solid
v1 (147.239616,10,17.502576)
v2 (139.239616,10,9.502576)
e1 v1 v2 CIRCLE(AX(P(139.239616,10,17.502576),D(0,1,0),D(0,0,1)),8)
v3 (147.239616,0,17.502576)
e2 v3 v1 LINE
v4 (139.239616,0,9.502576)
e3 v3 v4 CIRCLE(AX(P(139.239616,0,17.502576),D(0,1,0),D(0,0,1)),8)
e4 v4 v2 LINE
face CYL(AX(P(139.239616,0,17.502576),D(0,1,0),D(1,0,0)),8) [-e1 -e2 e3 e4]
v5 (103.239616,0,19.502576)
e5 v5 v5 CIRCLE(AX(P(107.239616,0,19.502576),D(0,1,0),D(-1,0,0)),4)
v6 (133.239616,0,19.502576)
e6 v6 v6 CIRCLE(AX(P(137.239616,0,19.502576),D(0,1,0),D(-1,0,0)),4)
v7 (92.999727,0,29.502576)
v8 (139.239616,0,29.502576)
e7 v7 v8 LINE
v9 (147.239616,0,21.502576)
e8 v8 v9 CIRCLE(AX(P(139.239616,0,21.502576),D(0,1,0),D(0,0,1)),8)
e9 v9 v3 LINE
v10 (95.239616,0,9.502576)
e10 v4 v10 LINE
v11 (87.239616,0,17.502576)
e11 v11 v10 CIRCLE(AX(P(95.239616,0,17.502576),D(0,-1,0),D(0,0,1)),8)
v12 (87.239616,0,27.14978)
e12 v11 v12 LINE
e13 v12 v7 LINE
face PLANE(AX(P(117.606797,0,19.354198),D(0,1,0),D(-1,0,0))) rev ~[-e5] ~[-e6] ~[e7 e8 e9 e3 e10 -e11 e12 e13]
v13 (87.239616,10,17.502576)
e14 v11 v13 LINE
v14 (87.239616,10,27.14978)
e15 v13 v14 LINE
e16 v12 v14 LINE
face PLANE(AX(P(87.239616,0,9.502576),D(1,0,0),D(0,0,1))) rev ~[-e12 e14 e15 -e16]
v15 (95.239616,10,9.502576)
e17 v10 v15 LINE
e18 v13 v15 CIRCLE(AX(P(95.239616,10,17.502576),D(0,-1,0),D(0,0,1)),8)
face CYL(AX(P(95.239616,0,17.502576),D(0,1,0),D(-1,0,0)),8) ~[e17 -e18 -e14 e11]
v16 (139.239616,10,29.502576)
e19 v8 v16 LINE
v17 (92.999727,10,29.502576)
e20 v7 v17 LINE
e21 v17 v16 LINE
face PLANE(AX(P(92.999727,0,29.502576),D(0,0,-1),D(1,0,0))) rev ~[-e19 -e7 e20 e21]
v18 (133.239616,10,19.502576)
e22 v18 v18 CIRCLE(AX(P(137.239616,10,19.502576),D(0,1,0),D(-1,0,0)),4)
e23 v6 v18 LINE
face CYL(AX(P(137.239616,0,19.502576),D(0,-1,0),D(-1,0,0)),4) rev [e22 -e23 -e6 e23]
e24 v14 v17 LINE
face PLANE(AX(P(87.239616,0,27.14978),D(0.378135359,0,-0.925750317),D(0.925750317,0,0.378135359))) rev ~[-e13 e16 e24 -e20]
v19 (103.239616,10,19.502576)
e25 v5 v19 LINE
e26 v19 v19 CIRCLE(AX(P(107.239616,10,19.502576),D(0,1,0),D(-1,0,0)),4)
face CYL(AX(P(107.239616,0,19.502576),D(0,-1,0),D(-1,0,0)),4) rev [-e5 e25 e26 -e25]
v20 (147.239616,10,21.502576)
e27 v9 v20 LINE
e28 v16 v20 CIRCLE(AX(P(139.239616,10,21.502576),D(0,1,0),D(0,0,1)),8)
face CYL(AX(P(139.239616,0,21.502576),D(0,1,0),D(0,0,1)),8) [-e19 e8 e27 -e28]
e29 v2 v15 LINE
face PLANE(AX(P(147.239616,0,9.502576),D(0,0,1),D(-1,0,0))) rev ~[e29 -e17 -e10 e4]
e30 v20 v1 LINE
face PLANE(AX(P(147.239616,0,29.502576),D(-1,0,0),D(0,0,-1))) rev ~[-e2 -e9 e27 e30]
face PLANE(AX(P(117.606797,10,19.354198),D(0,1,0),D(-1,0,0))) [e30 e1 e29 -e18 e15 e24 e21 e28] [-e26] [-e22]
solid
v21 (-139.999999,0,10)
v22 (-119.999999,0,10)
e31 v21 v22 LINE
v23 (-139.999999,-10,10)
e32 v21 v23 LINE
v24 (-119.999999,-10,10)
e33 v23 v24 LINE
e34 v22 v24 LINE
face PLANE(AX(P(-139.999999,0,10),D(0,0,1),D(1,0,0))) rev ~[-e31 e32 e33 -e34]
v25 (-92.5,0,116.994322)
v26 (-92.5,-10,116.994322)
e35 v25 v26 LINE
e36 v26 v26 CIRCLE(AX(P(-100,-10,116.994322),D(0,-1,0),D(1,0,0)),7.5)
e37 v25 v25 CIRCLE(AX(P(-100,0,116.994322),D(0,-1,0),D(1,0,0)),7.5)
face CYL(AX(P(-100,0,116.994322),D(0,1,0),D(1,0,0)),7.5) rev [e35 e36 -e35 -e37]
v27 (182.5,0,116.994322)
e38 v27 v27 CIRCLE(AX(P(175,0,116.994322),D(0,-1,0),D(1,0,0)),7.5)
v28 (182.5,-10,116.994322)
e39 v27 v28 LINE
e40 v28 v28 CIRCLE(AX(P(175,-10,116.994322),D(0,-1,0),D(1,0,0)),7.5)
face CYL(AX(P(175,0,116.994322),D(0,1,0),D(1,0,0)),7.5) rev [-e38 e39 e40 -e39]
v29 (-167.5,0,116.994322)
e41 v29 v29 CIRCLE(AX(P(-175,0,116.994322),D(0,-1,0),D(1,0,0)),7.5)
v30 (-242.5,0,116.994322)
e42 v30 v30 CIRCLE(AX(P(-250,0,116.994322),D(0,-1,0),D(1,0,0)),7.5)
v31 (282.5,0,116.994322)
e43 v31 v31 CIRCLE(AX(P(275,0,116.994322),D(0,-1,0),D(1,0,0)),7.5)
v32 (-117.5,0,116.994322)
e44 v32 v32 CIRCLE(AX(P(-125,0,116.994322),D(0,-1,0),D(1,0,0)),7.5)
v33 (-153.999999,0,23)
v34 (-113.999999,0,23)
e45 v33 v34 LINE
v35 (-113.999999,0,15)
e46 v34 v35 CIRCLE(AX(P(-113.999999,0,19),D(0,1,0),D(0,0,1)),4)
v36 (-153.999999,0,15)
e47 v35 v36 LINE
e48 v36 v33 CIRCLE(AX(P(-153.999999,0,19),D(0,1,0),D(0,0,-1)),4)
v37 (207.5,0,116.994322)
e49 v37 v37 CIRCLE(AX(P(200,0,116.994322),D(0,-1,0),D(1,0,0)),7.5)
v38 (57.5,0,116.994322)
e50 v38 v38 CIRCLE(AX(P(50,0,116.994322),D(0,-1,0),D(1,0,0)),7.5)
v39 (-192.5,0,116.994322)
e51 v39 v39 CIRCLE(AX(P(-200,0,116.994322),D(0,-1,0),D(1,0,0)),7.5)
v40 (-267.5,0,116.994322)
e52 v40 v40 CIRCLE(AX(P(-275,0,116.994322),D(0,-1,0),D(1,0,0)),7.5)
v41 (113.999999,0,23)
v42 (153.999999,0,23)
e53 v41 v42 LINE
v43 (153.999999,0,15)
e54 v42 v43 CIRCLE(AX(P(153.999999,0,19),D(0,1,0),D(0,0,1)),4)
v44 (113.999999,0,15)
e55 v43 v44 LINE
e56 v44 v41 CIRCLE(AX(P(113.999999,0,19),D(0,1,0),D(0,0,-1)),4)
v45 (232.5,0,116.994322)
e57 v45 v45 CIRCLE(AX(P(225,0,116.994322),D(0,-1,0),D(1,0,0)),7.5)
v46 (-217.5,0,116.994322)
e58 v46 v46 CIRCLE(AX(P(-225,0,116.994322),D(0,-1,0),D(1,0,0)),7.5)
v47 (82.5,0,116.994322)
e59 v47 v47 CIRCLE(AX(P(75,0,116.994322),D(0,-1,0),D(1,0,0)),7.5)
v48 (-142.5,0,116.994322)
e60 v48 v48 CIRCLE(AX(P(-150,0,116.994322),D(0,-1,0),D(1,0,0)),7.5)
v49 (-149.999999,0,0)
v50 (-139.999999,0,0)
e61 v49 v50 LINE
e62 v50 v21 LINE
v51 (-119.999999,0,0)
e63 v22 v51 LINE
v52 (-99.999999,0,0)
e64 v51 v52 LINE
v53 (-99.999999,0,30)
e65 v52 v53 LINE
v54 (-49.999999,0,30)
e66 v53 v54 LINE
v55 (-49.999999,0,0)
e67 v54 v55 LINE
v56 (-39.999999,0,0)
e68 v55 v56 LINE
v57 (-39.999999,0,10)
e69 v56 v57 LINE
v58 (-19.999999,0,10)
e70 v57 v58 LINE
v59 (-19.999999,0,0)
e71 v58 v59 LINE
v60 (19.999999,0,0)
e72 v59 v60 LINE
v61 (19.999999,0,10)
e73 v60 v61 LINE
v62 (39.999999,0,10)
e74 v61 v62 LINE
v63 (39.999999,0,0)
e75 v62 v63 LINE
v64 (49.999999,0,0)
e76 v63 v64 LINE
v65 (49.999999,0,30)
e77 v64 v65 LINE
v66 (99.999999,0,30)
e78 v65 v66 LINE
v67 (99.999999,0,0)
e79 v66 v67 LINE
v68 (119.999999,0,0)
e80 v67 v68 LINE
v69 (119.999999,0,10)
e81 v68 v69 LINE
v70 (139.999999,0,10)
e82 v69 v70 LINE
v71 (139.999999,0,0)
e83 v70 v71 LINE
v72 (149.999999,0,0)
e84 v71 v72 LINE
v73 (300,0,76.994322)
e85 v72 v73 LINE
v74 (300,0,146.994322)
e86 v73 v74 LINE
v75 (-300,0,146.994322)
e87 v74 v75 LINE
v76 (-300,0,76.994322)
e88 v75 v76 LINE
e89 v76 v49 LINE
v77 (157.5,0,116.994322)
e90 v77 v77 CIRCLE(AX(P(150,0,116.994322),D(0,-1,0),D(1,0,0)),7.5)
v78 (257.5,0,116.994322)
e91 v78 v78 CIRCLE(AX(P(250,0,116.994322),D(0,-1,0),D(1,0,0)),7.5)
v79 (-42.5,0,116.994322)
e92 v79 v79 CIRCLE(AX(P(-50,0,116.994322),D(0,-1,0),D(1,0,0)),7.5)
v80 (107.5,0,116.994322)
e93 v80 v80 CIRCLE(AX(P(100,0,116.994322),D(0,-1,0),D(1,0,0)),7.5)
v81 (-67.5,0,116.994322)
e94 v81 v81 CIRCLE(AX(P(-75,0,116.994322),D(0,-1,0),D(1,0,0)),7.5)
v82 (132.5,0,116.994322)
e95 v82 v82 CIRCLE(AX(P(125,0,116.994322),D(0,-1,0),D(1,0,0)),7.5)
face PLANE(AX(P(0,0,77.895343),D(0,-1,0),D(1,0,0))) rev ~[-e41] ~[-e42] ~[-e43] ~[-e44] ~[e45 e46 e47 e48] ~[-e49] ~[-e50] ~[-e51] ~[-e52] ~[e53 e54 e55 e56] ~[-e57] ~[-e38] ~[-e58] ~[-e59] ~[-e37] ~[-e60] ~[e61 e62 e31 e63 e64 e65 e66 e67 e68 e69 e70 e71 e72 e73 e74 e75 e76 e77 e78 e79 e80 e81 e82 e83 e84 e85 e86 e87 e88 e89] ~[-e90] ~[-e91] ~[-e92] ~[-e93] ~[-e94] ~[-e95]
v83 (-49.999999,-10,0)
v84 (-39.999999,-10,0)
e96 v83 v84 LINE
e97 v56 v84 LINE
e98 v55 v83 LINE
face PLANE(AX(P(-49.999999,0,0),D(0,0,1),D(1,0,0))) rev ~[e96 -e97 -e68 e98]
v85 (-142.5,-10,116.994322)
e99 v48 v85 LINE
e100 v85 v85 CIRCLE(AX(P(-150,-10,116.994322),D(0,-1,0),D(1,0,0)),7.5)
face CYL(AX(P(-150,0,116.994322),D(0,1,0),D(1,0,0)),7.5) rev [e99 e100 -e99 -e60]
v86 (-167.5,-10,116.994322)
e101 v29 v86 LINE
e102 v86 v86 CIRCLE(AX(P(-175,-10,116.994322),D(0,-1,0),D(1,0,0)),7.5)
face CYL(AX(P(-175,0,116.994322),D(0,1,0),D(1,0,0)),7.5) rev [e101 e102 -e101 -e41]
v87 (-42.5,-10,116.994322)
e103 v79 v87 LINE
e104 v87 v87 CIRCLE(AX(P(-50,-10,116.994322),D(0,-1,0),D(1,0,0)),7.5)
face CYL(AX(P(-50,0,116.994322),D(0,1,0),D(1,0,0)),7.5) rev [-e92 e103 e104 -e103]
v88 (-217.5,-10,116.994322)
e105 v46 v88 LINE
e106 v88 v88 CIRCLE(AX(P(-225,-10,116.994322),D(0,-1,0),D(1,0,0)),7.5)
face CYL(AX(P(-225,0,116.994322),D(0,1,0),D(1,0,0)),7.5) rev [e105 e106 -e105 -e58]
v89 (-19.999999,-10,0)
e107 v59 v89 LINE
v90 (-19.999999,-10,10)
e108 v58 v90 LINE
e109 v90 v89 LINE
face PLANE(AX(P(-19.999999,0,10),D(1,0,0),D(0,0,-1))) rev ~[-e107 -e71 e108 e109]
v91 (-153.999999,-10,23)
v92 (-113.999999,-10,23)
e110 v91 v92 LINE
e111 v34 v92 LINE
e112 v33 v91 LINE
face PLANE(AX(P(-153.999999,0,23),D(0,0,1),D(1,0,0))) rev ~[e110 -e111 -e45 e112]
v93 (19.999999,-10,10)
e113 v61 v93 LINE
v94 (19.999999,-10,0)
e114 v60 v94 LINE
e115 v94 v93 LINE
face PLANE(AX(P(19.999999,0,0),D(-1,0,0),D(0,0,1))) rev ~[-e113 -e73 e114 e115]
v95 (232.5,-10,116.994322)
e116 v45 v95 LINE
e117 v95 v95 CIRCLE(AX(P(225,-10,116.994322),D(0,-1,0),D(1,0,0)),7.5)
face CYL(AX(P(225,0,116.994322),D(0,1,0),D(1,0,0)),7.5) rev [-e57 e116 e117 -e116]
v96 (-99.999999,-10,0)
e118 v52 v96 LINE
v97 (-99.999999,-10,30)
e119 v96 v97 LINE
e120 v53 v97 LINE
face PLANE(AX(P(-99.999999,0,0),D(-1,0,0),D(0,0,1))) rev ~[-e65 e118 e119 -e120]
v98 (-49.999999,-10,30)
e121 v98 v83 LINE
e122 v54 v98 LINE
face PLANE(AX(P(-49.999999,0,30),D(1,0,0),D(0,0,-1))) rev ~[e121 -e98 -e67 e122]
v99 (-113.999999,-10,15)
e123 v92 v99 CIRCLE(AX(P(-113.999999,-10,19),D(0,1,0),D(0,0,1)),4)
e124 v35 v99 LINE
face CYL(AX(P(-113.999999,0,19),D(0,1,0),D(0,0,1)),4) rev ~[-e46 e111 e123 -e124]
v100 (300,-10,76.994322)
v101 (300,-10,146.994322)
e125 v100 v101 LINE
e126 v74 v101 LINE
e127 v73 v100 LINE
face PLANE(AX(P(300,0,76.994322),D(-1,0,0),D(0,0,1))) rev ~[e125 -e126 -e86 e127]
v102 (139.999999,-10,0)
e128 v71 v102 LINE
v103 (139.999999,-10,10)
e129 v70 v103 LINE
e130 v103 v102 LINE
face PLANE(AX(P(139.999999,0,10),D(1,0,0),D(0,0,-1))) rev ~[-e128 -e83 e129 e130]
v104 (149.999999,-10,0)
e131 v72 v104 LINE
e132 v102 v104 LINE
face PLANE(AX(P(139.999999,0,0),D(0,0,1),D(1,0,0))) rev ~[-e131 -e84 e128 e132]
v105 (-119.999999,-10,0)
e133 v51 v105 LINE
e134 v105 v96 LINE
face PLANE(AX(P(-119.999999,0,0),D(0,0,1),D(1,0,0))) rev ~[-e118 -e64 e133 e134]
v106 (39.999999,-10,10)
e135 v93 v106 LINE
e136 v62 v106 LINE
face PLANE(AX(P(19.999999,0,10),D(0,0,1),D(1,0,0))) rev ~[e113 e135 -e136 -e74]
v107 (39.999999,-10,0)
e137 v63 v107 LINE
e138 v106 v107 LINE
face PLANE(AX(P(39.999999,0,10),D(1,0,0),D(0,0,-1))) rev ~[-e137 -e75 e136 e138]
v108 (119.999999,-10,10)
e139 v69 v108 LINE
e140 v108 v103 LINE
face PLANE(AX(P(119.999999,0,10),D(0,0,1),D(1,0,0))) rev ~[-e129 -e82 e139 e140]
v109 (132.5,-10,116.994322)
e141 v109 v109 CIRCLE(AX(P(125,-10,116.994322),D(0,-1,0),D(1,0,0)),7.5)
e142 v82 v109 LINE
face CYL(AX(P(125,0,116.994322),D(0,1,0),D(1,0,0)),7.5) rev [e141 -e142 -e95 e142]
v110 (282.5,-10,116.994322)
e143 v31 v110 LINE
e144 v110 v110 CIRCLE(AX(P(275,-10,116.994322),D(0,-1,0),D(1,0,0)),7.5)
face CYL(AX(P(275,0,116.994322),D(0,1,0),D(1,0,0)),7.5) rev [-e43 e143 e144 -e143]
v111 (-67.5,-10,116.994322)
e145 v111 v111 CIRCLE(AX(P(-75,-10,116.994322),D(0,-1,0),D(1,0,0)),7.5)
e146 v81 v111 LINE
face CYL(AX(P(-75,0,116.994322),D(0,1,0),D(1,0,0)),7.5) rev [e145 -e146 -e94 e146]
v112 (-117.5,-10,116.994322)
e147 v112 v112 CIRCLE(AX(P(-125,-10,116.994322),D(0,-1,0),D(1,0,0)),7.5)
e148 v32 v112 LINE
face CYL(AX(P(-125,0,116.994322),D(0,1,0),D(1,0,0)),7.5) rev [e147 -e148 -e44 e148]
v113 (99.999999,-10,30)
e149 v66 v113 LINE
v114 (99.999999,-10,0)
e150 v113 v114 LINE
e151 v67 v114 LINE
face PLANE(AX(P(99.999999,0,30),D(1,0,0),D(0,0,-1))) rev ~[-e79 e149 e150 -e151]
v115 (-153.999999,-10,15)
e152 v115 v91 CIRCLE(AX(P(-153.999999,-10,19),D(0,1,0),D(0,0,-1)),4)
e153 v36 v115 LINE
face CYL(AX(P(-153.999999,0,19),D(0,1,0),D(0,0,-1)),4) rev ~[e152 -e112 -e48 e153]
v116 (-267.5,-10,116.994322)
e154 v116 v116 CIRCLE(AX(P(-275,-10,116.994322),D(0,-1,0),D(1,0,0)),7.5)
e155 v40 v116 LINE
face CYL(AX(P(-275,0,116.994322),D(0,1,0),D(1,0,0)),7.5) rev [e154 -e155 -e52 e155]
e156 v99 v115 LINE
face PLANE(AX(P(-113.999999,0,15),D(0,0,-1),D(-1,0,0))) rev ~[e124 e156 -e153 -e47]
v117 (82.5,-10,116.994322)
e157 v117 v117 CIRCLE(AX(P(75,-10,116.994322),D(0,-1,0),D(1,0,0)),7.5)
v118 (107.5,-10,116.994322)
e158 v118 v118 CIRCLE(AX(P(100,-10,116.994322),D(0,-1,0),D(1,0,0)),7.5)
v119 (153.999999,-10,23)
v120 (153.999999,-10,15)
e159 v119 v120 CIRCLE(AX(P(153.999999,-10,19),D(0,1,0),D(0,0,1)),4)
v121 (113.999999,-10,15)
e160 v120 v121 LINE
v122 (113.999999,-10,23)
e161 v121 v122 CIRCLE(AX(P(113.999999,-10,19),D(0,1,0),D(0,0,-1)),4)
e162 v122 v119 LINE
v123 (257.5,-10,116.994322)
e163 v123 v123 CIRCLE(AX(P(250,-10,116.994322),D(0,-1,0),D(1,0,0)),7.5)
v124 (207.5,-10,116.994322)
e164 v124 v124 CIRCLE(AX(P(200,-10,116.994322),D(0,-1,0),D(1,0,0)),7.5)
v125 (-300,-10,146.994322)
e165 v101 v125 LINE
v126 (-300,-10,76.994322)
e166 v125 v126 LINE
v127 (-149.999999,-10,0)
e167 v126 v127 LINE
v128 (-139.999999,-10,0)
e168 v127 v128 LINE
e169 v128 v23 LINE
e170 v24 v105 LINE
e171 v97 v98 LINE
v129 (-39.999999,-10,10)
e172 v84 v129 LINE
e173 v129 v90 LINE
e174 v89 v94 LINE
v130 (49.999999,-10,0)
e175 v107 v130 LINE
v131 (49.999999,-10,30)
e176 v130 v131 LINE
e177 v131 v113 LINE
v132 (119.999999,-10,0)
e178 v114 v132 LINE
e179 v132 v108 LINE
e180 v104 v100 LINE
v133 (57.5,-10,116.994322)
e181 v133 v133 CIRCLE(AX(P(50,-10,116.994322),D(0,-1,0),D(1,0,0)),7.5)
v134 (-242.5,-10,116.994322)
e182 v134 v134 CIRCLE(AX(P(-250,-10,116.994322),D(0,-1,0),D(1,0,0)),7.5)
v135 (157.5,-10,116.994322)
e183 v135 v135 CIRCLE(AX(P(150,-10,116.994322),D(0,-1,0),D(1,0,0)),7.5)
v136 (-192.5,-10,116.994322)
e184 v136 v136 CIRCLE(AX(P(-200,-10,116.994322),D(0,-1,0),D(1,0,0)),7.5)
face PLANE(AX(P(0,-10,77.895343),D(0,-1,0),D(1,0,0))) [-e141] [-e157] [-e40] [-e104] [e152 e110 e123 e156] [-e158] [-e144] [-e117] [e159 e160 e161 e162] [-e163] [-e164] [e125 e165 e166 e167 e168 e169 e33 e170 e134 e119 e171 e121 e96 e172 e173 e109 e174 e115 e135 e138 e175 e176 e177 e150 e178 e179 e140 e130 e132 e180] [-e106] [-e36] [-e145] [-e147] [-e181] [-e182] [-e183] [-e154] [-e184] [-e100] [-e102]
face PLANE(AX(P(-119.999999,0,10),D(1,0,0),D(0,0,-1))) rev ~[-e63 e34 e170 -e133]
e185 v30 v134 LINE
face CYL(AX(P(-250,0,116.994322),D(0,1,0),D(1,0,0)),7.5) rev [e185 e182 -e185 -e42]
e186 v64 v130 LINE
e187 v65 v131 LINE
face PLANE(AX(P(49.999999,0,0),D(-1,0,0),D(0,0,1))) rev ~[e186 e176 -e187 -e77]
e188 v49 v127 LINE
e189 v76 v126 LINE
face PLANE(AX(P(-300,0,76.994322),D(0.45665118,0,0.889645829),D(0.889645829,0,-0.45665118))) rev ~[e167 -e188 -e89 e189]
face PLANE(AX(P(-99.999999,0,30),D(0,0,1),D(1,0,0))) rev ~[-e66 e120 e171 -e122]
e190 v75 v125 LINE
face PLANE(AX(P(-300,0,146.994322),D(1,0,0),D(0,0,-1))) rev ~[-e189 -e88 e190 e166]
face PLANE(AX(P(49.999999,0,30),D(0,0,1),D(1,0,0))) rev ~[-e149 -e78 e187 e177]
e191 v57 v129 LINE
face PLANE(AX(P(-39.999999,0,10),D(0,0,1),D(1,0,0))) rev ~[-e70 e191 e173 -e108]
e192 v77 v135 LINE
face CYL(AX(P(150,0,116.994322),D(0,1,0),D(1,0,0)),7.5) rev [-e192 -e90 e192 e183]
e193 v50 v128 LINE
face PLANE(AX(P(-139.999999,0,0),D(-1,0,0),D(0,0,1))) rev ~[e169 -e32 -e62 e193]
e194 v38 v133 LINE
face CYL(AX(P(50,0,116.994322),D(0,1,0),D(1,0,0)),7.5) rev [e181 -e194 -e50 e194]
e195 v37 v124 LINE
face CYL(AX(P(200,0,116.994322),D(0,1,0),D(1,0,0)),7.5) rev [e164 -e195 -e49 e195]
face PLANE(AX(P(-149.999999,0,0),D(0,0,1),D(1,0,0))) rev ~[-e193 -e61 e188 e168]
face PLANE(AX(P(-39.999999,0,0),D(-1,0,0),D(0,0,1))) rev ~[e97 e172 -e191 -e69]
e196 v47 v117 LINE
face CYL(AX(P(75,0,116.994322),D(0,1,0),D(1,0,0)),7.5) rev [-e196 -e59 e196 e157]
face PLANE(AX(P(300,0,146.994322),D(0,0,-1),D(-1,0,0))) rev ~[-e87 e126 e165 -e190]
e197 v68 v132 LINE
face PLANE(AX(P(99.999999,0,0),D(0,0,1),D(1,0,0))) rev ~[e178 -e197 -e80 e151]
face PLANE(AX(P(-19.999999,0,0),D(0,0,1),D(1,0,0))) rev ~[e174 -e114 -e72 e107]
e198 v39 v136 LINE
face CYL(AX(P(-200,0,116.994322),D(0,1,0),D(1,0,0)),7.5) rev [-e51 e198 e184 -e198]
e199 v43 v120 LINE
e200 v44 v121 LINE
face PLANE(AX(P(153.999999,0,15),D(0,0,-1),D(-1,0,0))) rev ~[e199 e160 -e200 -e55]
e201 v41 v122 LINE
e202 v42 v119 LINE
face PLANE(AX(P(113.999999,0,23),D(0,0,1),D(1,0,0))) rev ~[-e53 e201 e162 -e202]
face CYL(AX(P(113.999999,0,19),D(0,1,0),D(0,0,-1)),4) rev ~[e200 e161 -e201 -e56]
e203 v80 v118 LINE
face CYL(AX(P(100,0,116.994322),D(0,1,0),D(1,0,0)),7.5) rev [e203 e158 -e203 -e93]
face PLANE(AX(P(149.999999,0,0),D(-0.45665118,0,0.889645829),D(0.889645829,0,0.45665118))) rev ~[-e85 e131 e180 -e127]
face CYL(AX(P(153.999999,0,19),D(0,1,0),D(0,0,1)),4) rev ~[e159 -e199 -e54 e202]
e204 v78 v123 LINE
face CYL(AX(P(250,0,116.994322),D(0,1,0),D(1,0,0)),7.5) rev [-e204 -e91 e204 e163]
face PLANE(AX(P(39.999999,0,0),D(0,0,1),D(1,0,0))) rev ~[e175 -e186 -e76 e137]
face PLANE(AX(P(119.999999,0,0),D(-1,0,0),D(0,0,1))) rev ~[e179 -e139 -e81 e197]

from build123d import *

# Parameters (mm, degrees)
F0_R     = 7.5
F1_DEPTH = 10
F2_R     = 4
F3_DEPTH = 10
F4_R     = 8


with BuildPart() as f1:
    # F0 (on Front) → F1 (new body)
    with BuildSketch(Plane.XZ):
        Polygon((-19.999999, 0), (0, 0), (19.999999, 0), (19.999999, 10), (39.999999, 10), (39.999999, 0), (49.999999, 0), (49.999999, 30), (99.999999, 30), (99.999999, 0), (119.999999, 0), (119.999999, 10), (139.999999, 10), (139.999999, 0), (149.999999, 0), (300, 76.994322), (300, 146.994322), (0, 146.994322), (-300, 146.994322), (-300, 76.994322), (-149.999999, 0), (-139.999999, 0), (-139.999999, 10), (-119.999999, 10), (-119.999999, 0), (-99.999999, 0), (-99.999999, 30), (-49.999999, 30), (-49.999999, 0), (-39.999999, 0), (-39.999999, 10), (-19.999999, 10), align=None)
        with BuildLine():
            Line((-113.999999, 15), (-153.999999, 15))
            ThreePointArc((-153.999999, 15), (-157.999999, 19), (-153.999999, 23))
            Line((-153.999999, 23), (-113.999999, 23))
            ThreePointArc((-113.999999, 23), (-109.999999, 19), (-113.999999, 15))
        make_face(mode=Mode.SUBTRACT)
        with BuildLine():
            Line((113.999999, 23), (153.999999, 23))
            ThreePointArc((153.999999, 23), (157.999999, 19), (153.999999, 15))
            Line((153.999999, 15), (113.999999, 15))
            ThreePointArc((113.999999, 15), (109.999999, 19), (113.999999, 23))
        make_face(mode=Mode.SUBTRACT)
        with Locations((-275, 116.994322)):
            Circle(F0_R, mode=Mode.SUBTRACT)
        with Locations((-250, 116.994322)):
            Circle(F0_R, mode=Mode.SUBTRACT)
        with Locations((-225, 116.994322)):
            Circle(F0_R, mode=Mode.SUBTRACT)
        with Locations((-200, 116.994322)):
            Circle(F0_R, mode=Mode.SUBTRACT)
        with Locations((-175, 116.994322)):
            Circle(F0_R, mode=Mode.SUBTRACT)
        with Locations((-150, 116.994322)):
            Circle(F0_R, mode=Mode.SUBTRACT)
        with Locations((-125, 116.994322)):
            Circle(F0_R, mode=Mode.SUBTRACT)
        with Locations((-100, 116.994322)):
            Circle(F0_R, mode=Mode.SUBTRACT)
        with Locations((-75, 116.994322)):
            Circle(F0_R, mode=Mode.SUBTRACT)
        with Locations((-50, 116.994322)):
            Circle(F0_R, mode=Mode.SUBTRACT)
        with Locations((50, 116.994322)):
            Circle(F0_R, mode=Mode.SUBTRACT)
        with Locations((75, 116.994322)):
            Circle(F0_R, mode=Mode.SUBTRACT)
        with Locations((100, 116.994322)):
            Circle(F0_R, mode=Mode.SUBTRACT)
        with Locations((125, 116.994322)):
            Circle(F0_R, mode=Mode.SUBTRACT)
        with Locations((150, 116.994322)):
            Circle(F0_R, mode=Mode.SUBTRACT)
        with Locations((175, 116.994322)):
            Circle(F0_R, mode=Mode.SUBTRACT)
        with Locations((200, 116.994322)):
            Circle(F0_R, mode=Mode.SUBTRACT)
        with Locations((225, 116.994322)):
            Circle(F0_R, mode=Mode.SUBTRACT)
        with Locations((250, 116.994322)):
            Circle(F0_R, mode=Mode.SUBTRACT)
        with Locations((275, 116.994322)):
            Circle(F0_R, mode=Mode.SUBTRACT)
    extrude(amount=F1_DEPTH)


with BuildPart() as f3:
    # F2 (on face) → F3 (new body)
    with BuildSketch(Plane(origin=(0, 0, 0), x_dir=(-1, 0, 0), z_dir=(0, 1, 0))):
        Polygon((-92.999727, 29.502576), (-147.239616, 29.502576), (-147.239616, 9.502576), (-87.239616, 9.502576), (-87.239616, 27.14978), align=None)
        with Locations((-137.239616, 19.502576)):
            Circle(F2_R, mode=Mode.SUBTRACT)
        with Locations((-107.239616, 19.502576)):
            Circle(F2_R, mode=Mode.SUBTRACT)
    extrude(amount=F3_DEPTH)

    # F4
    f4_edges = [f3.edges().sort_by_distance(p)[0] for p in [
        (147.239616, 5, 29.502576),
        (147.239616, 5, 9.502576),
        (87.239616, 5, 9.502576),
    ]]
    fillet(f4_edges, radius=F4_R)


solid = Compound([f1.part, f3.part])
